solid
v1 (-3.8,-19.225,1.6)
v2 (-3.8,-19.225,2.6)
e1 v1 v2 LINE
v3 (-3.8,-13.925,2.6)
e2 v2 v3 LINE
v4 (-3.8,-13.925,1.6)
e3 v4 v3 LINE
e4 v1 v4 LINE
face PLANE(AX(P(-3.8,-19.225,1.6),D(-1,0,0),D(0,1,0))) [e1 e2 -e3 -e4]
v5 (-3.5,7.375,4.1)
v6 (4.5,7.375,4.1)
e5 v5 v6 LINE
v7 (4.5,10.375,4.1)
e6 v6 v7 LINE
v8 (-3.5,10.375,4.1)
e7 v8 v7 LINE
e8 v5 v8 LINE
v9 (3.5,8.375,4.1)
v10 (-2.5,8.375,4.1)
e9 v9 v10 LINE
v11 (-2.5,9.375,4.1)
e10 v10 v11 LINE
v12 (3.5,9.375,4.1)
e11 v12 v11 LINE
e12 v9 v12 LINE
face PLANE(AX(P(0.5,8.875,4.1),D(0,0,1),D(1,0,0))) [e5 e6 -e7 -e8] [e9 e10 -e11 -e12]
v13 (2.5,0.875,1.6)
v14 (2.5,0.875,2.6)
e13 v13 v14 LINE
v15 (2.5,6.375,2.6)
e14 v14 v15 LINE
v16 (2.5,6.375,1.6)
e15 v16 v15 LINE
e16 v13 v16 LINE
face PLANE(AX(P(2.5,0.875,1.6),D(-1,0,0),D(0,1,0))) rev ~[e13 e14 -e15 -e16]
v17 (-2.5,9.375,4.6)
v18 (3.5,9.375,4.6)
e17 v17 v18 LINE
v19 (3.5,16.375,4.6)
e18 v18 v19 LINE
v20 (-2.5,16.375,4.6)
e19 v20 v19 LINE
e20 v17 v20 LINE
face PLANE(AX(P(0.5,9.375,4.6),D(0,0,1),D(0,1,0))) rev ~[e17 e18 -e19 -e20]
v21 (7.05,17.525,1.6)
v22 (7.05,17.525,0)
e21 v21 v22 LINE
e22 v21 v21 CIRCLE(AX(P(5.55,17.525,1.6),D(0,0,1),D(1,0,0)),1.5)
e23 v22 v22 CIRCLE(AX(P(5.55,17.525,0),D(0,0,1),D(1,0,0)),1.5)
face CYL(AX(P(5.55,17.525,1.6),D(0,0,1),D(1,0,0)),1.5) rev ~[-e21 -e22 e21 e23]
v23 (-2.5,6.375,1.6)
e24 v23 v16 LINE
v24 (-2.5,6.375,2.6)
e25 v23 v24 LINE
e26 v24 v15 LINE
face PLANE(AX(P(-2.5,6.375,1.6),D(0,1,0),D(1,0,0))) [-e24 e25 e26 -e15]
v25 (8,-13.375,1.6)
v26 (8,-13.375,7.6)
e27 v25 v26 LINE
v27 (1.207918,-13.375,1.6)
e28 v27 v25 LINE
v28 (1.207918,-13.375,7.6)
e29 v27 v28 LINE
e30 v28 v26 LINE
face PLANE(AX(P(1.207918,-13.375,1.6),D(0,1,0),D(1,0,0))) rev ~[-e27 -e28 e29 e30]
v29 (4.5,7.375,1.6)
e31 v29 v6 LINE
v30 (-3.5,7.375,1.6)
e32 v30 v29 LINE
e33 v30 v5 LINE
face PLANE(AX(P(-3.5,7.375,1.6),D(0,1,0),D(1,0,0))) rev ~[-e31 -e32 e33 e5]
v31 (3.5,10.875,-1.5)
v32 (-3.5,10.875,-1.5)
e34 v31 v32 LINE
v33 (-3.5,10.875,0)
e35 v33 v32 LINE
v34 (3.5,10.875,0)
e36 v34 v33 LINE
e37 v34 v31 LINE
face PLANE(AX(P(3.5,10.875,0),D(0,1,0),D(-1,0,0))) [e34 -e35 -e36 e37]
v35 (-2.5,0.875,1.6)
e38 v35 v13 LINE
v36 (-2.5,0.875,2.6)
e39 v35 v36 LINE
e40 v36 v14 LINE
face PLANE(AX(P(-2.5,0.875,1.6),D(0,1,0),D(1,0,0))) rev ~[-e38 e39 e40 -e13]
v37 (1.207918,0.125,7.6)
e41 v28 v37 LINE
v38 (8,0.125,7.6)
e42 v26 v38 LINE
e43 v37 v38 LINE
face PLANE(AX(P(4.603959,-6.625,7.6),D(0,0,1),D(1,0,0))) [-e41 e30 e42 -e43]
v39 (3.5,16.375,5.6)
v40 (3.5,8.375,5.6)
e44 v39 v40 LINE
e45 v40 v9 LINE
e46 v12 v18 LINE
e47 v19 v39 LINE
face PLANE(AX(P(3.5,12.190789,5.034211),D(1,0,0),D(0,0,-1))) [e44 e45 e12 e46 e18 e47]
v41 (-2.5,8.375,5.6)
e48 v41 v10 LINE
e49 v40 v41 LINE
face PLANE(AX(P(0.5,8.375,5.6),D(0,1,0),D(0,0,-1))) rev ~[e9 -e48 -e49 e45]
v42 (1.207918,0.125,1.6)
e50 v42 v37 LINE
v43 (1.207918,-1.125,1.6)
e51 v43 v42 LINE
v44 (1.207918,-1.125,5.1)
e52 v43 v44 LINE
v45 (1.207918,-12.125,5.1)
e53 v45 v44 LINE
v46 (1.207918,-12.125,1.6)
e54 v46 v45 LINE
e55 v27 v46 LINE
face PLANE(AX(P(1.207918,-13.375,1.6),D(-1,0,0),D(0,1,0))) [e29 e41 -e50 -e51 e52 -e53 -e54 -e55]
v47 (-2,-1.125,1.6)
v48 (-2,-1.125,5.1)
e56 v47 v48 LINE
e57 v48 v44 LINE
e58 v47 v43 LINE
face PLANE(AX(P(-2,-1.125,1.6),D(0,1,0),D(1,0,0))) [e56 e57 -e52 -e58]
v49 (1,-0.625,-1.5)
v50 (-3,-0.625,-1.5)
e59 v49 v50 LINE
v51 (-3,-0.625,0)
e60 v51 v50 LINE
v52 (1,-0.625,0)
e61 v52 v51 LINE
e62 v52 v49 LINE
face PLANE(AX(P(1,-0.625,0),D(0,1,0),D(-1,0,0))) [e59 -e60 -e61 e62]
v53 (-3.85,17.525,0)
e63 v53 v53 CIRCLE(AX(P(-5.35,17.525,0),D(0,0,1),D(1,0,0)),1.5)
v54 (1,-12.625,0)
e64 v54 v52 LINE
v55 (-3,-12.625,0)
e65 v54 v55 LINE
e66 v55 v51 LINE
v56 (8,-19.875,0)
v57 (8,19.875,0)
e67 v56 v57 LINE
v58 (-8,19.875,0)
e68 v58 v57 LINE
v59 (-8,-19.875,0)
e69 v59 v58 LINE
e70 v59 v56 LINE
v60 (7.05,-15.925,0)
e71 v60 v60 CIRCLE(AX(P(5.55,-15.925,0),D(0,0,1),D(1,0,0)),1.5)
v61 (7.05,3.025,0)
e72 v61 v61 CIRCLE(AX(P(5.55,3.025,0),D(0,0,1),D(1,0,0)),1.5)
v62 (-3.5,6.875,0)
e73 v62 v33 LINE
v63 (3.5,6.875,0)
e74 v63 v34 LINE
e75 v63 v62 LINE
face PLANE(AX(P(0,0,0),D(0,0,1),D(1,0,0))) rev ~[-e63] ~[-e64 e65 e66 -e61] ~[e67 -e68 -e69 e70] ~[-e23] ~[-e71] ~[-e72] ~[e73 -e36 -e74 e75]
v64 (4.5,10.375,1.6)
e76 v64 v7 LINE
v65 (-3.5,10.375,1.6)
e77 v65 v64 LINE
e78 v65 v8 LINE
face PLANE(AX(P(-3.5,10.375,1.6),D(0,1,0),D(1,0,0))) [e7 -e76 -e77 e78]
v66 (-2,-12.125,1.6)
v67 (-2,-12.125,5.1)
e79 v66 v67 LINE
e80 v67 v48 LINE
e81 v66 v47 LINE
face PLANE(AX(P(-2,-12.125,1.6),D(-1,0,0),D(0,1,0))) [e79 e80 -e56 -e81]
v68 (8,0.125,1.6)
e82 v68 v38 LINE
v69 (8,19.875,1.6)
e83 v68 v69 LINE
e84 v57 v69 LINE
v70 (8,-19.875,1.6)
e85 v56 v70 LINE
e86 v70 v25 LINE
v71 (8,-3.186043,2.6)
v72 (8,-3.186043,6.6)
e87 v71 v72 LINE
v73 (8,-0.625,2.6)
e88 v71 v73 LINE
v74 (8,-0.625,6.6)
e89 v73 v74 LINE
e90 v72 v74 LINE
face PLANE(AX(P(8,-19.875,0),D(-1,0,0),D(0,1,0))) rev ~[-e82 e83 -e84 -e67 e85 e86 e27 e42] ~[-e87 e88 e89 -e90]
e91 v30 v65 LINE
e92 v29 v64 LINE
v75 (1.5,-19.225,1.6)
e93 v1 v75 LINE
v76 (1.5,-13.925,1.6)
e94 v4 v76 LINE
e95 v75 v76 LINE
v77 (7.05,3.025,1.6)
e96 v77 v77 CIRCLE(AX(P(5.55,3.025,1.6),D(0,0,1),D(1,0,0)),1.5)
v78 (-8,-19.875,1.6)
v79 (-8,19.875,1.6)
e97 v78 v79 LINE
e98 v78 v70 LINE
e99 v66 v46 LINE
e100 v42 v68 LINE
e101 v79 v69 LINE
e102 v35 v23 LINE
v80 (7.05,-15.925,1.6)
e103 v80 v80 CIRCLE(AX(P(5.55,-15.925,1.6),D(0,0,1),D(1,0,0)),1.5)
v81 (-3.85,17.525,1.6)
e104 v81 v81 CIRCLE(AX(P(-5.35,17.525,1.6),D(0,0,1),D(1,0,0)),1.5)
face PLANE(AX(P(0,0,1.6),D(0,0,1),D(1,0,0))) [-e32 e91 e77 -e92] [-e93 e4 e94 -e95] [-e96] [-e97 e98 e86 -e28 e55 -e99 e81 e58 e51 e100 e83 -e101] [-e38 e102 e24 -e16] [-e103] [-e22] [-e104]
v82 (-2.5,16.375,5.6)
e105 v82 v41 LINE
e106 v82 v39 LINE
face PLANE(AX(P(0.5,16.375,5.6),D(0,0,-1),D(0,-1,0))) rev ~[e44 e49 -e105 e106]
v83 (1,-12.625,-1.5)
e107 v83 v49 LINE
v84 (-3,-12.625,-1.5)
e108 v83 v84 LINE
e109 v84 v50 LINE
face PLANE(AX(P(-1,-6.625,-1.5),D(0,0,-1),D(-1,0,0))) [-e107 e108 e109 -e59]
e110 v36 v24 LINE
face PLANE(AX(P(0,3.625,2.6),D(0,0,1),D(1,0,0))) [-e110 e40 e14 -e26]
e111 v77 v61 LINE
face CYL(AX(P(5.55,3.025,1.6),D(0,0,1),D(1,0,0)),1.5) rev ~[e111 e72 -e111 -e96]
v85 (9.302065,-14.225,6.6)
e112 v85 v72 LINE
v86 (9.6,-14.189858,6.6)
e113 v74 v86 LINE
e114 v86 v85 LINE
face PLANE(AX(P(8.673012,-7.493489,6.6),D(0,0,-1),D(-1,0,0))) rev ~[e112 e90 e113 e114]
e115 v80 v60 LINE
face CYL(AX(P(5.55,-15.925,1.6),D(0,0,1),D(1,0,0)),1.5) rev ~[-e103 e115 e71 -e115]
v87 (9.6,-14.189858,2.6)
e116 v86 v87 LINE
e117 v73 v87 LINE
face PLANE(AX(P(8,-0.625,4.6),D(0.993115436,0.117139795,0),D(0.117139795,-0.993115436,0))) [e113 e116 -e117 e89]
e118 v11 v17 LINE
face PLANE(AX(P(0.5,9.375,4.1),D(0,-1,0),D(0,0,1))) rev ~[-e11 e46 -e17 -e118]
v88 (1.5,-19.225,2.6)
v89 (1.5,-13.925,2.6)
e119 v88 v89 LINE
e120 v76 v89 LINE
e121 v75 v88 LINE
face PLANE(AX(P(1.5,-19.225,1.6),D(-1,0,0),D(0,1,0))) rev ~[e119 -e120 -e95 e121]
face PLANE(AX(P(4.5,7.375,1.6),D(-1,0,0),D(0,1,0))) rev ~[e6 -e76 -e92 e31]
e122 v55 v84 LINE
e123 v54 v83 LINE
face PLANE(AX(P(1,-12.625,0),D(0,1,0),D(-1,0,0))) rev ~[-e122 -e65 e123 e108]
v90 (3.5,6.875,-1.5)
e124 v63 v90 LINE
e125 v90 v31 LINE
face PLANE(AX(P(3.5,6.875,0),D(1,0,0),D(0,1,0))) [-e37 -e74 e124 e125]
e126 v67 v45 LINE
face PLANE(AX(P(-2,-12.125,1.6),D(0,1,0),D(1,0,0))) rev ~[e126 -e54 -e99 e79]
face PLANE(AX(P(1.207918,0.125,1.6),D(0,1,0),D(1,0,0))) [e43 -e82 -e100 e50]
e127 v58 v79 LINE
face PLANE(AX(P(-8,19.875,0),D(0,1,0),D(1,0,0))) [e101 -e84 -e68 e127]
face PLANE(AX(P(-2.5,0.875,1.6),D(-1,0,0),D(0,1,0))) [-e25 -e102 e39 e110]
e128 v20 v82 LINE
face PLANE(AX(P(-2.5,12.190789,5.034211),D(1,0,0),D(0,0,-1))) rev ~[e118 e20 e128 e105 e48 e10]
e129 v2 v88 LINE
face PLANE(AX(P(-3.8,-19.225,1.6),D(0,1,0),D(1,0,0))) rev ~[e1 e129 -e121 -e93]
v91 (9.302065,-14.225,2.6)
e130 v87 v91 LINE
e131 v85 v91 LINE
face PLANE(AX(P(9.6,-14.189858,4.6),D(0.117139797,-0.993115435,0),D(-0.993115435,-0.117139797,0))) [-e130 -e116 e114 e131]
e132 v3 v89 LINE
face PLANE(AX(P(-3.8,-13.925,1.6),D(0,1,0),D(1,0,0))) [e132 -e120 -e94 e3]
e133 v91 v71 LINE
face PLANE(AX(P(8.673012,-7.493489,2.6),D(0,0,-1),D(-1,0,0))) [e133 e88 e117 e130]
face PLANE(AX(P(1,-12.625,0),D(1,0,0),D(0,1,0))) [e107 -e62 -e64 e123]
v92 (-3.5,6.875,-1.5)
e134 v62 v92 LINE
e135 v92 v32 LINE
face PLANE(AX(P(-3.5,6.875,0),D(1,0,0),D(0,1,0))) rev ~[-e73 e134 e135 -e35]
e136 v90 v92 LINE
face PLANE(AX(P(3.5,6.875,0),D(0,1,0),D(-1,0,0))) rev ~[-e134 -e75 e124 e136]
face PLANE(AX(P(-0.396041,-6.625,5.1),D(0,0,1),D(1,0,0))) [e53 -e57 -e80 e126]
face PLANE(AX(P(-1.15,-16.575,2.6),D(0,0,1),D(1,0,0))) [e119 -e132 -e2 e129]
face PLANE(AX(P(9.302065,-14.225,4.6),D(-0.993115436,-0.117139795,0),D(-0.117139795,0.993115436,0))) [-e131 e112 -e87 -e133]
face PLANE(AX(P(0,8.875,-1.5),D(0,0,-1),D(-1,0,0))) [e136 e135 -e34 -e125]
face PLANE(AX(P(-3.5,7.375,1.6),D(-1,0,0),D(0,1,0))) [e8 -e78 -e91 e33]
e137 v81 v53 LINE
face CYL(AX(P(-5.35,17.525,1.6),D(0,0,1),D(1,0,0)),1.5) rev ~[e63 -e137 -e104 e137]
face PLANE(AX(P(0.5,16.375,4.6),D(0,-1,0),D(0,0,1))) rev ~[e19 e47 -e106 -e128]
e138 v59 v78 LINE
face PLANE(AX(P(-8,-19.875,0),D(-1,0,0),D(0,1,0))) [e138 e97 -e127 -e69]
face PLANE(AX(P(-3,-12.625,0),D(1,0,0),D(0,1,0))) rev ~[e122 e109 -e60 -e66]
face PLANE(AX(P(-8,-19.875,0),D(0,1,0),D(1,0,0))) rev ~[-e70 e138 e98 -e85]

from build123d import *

# Parameters (mm, degrees)
CROQUIS3_W              = 16
CROQUIS3_H              = 39.75
SALIENTE_EXTRUIR1_DEPTH = 1.6
CROQUIS4_W              = 5
CROQUIS4_H              = 5.5
CROQUIS4_W_2            = 5.3
CROQUIS4_H_2            = 5.3
SALIENTE_EXTRUIR2_DEPTH = 1
CROQUIS5_W              = 6.792082101
CROQUIS5_H              = 13.5
SALIENTE_EXTRUIR3_DEPTH = 6
CROQUIS6_W              = 3.207917899
CROQUIS6_H              = 11
SALIENTE_EXTRUIR4_DEPTH = 3.5
CROQUIS7_W              = 8
CROQUIS7_H              = 3
SALIENTE_EXTRUIR5_DEPTH = 2.5
SALIENTE_EXTRUIR6_DEPTH = 3
CROQUIS9_R              = 1.5
CORTAR_EXTRUIR1_DEPTH   = 23.248946604
SALIENTE_EXTRUIR7_DEPTH = 2
CROQUIS11_W             = 7
CROQUIS11_H             = 4
CROQUIS11_W_2           = 4
CROQUIS11_H_2           = 12
SALIENTE_EXTRUIR8_DEPTH = 1.5


with BuildPart() as part:
    # Croquis3 → Saliente-Extruir1 (new body)
    with BuildSketch(Plane.XY):
        Rectangle(CROQUIS3_W, CROQUIS3_H)
    extrude(amount=SALIENTE_EXTRUIR1_DEPTH)

    # Croquis4 → Saliente-Extruir2 (add)
    with BuildSketch(Plane.XY.offset(1.6)):
        with Locations((0, 3.625)):
            Rectangle(CROQUIS4_W, CROQUIS4_H)
        with Locations((-1.15, -16.575)):
            Rectangle(CROQUIS4_W_2, CROQUIS4_H_2)
    extrude(amount=SALIENTE_EXTRUIR2_DEPTH)

    # Croquis5 → Saliente-Extruir3 (add)
    with BuildSketch(Plane.XY.offset(1.6)):
        with Locations((4.603958949, -6.625)):
            Rectangle(CROQUIS5_W, CROQUIS5_H)
    extrude(amount=SALIENTE_EXTRUIR3_DEPTH)

    # Croquis6 → Saliente-Extruir4 (add)
    with BuildSketch(Plane.XY.offset(1.6)):
        with Locations((-0.39604105, -6.625)):
            Rectangle(CROQUIS6_W, CROQUIS6_H)
    extrude(amount=SALIENTE_EXTRUIR4_DEPTH)

    # Croquis7 → Saliente-Extruir5 (add)
    with BuildSketch(Plane.XY.offset(1.6)):
        with Locations((0.5, 8.875)):
            Rectangle(CROQUIS7_W, CROQUIS7_H)
    extrude(amount=SALIENTE_EXTRUIR5_DEPTH)

    # Croquis8 → Saliente-Extruir6 (add, symmetric)
    with BuildSketch(Plane.ZY.offset(-0.5)):
        Polygon((4.1, 9.375), (4.6, 9.375), (4.6, 16.375), (5.6, 16.375), (5.6, 8.375), (4.1, 8.375), align=None)
    extrude(amount=SALIENTE_EXTRUIR6_DEPTH, both=True)

    # Croquis9 → Cortar-Extruir1 (cut, through all)
    with BuildSketch(Plane.XY.offset(1.6)):
        with Locations((5.55, 17.525)):
            Circle(CROQUIS9_R)
        with Locations((-5.35, 17.525)):
            Circle(CROQUIS9_R)
        with Locations((5.55, 3.025)):
            Circle(CROQUIS9_R)
        with Locations((5.55, -15.925)):
            Circle(CROQUIS9_R)
    extrude(amount=-CORTAR_EXTRUIR1_DEPTH, mode=Mode.SUBTRACT)

    # Croquis10 → Saliente-Extruir7 (add, symmetric)
    with BuildSketch(Plane(origin=(8, -13.375, 4.6), x_dir=(-1, 0, 0), z_dir=(0, 0, -1))):
        Polygon((0, 12.75), (-1.6, -0.814858061), (-1.302065369, -0.85), (0, 10.188957451), align=None)
    extrude(amount=SALIENTE_EXTRUIR7_DEPTH, both=True)

    # Croquis11 → Saliente-Extruir8 (add)
    with BuildSketch(Plane(origin=(0, 0, 0), x_dir=(-1, 0, 0), z_dir=(0, 0, -1))):
        with Locations((0, 8.875)):
            Rectangle(CROQUIS11_W, CROQUIS11_H)
        with Locations((1, -6.625)):
            Rectangle(CROQUIS11_W_2, CROQUIS11_H_2)
    extrude(amount=SALIENTE_EXTRUIR8_DEPTH)


solid = part.part
